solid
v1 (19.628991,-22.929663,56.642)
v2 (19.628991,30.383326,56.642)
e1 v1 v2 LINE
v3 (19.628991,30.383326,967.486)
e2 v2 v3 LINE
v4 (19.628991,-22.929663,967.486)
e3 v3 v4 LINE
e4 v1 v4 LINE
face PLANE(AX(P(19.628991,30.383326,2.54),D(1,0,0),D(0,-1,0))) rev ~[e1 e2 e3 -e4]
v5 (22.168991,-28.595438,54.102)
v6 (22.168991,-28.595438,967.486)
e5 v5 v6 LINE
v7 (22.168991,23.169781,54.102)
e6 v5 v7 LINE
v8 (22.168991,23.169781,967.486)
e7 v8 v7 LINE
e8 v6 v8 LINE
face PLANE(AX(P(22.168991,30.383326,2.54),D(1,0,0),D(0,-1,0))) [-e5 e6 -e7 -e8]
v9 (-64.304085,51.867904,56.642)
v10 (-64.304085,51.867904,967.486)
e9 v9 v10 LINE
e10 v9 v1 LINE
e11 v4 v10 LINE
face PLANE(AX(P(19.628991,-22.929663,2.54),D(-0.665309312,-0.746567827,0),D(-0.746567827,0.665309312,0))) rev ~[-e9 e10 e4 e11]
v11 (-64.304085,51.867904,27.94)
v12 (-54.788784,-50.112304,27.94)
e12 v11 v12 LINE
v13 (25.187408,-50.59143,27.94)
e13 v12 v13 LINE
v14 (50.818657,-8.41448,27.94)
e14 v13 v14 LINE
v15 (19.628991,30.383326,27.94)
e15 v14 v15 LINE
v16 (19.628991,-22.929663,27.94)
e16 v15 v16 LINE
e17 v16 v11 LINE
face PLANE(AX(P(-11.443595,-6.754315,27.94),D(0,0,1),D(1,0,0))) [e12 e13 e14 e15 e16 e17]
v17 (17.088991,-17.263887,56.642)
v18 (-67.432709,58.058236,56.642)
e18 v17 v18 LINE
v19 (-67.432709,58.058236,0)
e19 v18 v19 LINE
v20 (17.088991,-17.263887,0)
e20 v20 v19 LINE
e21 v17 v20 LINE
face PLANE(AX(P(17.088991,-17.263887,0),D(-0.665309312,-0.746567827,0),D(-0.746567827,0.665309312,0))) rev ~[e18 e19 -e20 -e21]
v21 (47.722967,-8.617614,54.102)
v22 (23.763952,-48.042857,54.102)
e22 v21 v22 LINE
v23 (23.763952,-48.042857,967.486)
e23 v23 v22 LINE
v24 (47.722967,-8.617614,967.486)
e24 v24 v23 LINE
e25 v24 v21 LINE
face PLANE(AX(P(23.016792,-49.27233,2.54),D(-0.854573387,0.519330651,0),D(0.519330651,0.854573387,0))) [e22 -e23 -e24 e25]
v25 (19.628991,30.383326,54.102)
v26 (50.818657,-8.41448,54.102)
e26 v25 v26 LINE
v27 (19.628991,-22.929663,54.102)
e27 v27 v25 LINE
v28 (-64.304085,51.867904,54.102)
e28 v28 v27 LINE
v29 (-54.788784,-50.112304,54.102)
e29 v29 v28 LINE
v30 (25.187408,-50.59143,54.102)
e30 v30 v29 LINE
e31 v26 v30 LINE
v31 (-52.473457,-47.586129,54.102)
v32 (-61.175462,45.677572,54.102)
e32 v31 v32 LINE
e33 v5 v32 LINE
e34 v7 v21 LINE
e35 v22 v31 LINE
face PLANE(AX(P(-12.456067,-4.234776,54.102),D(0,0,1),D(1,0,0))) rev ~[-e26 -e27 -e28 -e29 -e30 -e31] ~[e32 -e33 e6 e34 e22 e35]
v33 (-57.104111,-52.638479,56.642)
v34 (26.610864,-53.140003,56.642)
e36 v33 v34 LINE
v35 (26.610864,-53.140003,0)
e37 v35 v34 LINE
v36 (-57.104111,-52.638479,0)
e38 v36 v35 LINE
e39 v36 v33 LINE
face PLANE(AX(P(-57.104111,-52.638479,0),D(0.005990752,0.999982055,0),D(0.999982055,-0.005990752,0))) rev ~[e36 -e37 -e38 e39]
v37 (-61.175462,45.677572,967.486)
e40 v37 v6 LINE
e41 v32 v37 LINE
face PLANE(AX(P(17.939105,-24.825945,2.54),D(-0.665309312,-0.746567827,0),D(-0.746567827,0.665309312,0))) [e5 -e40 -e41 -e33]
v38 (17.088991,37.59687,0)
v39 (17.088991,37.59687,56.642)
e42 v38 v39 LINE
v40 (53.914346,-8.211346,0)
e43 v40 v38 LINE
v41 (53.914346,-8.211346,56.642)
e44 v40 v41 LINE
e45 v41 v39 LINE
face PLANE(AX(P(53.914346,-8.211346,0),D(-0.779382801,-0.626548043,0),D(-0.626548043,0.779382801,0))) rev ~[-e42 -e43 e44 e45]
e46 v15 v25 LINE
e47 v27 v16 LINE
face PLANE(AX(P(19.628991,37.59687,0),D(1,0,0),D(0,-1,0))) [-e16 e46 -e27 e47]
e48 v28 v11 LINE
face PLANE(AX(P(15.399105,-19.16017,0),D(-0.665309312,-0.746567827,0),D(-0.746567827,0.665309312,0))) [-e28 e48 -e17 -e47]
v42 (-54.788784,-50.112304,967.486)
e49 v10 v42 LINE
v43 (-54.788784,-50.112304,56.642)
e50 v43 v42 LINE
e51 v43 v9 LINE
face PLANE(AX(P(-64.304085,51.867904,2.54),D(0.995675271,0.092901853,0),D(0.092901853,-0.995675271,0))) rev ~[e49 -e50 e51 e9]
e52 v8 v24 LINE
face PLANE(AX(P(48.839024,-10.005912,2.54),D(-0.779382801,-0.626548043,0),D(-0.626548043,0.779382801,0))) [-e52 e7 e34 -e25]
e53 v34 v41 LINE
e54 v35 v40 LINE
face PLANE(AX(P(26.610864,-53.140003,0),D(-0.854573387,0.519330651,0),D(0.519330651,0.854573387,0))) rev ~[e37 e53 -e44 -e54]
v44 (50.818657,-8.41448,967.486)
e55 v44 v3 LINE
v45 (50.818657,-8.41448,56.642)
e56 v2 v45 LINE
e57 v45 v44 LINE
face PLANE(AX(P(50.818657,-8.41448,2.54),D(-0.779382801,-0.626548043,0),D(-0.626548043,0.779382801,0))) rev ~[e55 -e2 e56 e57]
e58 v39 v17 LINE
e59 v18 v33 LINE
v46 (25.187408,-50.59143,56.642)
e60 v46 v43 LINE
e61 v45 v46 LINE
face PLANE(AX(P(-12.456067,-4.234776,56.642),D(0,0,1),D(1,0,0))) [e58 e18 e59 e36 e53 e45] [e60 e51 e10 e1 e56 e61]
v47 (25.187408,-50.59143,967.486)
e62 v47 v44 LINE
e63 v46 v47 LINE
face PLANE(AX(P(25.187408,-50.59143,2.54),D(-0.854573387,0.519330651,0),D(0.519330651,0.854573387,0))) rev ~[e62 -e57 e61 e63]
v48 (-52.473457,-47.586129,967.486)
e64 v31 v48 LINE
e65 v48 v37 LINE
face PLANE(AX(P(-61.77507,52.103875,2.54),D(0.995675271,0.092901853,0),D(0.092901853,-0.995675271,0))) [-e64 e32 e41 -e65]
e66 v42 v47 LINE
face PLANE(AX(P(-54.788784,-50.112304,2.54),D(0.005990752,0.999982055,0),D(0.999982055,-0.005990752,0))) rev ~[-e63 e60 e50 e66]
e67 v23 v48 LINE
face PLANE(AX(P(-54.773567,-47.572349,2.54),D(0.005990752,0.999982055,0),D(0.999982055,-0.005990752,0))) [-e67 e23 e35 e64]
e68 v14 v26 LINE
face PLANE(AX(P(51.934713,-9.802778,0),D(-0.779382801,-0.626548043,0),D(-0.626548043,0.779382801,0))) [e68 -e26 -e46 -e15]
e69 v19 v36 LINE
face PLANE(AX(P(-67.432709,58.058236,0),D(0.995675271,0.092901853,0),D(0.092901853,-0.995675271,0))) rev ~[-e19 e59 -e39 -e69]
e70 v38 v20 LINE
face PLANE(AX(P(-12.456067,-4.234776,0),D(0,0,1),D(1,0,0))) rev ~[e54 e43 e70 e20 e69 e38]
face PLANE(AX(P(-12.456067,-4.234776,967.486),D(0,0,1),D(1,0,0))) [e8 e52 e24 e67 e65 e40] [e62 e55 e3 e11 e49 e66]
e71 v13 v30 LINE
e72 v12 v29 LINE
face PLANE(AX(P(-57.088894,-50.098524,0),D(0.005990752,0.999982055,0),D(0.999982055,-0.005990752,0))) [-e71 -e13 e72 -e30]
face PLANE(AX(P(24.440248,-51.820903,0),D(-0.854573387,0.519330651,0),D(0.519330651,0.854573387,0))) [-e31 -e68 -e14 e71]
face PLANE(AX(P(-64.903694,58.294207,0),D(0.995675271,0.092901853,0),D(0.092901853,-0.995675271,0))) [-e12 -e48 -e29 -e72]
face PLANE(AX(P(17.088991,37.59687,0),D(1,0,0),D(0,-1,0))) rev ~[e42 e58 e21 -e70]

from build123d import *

# Parameters (mm, degrees)
F1_DEPTH = 56.642
F2_T     = -2.54
F3_DEPTH = 964.946
F4_T     = -2.54
F5_DEPTH = 25.4


with BuildPart() as f1:
    # F0 (on Top) → F1 (new body)
    with BuildSketch(Plane.XY):
        Polygon((-67.4327090383, 58.0582357943), (-57.1041107178, -52.6384785771), (26.6108643264, -53.1400032341), (53.9143458009, -8.2113463432), (17.0889906585, 37.5968702137), (17.0889906585, -17.2638874501), align=None)
    extrude(amount=F1_DEPTH)

    # F2
    f2_openings = [f1.faces().sort_by_distance(p)[0] for p in [
        (-14.363831, -12.367538, 56.642),
    ]]
    offset(amount=F2_T, openings=f2_openings, kind=Kind.INTERSECTION)

    # F3 (add): a face of the model
    f3_faces = [f1.faces().sort_by_distance(p)[0] for p in [
        (-14.8087693104, -13.6414291388, 2.54),
    ]]
    extrude(f3_faces, amount=F3_DEPTH)

    # F4
    f4_openings = [f1.faces().sort_by_distance(p)[0] for p in [
        (-14.808769, -13.641429, 967.486),
    ]]
    offset(amount=F4_T, openings=f4_openings, kind=Kind.INTERSECTION)

    # F0 (on Top) + F4_face (on face) → F5 (join)
    with BuildSketch(Plane.XY):
        Polygon((-67.4327090383, 58.0582357943), (-57.1041107178, -52.6384785771), (26.6108643264, -53.1400032341), (53.9143458009, -8.2113463432), (17.0889906585, 37.5968702137), (17.0889906585, -17.2638874501), align=None)
    with BuildSketch(Plane(origin=(-14.8087693104, -13.6414291388, 2.54), x_dir=(1, 0, 0), z_dir=(0, 0, 1))):
        Polygon((34.4377599689, -9.2882337449), (-49.4953159873, 65.509333201), (-39.980014566, -36.4708746559), (39.9961774627, -36.950000789), (65.6274259115, 5.2269490011), (34.4377599689, 44.024754652), align=None)
    extrude(amount=F5_DEPTH)


solid = f1.part
